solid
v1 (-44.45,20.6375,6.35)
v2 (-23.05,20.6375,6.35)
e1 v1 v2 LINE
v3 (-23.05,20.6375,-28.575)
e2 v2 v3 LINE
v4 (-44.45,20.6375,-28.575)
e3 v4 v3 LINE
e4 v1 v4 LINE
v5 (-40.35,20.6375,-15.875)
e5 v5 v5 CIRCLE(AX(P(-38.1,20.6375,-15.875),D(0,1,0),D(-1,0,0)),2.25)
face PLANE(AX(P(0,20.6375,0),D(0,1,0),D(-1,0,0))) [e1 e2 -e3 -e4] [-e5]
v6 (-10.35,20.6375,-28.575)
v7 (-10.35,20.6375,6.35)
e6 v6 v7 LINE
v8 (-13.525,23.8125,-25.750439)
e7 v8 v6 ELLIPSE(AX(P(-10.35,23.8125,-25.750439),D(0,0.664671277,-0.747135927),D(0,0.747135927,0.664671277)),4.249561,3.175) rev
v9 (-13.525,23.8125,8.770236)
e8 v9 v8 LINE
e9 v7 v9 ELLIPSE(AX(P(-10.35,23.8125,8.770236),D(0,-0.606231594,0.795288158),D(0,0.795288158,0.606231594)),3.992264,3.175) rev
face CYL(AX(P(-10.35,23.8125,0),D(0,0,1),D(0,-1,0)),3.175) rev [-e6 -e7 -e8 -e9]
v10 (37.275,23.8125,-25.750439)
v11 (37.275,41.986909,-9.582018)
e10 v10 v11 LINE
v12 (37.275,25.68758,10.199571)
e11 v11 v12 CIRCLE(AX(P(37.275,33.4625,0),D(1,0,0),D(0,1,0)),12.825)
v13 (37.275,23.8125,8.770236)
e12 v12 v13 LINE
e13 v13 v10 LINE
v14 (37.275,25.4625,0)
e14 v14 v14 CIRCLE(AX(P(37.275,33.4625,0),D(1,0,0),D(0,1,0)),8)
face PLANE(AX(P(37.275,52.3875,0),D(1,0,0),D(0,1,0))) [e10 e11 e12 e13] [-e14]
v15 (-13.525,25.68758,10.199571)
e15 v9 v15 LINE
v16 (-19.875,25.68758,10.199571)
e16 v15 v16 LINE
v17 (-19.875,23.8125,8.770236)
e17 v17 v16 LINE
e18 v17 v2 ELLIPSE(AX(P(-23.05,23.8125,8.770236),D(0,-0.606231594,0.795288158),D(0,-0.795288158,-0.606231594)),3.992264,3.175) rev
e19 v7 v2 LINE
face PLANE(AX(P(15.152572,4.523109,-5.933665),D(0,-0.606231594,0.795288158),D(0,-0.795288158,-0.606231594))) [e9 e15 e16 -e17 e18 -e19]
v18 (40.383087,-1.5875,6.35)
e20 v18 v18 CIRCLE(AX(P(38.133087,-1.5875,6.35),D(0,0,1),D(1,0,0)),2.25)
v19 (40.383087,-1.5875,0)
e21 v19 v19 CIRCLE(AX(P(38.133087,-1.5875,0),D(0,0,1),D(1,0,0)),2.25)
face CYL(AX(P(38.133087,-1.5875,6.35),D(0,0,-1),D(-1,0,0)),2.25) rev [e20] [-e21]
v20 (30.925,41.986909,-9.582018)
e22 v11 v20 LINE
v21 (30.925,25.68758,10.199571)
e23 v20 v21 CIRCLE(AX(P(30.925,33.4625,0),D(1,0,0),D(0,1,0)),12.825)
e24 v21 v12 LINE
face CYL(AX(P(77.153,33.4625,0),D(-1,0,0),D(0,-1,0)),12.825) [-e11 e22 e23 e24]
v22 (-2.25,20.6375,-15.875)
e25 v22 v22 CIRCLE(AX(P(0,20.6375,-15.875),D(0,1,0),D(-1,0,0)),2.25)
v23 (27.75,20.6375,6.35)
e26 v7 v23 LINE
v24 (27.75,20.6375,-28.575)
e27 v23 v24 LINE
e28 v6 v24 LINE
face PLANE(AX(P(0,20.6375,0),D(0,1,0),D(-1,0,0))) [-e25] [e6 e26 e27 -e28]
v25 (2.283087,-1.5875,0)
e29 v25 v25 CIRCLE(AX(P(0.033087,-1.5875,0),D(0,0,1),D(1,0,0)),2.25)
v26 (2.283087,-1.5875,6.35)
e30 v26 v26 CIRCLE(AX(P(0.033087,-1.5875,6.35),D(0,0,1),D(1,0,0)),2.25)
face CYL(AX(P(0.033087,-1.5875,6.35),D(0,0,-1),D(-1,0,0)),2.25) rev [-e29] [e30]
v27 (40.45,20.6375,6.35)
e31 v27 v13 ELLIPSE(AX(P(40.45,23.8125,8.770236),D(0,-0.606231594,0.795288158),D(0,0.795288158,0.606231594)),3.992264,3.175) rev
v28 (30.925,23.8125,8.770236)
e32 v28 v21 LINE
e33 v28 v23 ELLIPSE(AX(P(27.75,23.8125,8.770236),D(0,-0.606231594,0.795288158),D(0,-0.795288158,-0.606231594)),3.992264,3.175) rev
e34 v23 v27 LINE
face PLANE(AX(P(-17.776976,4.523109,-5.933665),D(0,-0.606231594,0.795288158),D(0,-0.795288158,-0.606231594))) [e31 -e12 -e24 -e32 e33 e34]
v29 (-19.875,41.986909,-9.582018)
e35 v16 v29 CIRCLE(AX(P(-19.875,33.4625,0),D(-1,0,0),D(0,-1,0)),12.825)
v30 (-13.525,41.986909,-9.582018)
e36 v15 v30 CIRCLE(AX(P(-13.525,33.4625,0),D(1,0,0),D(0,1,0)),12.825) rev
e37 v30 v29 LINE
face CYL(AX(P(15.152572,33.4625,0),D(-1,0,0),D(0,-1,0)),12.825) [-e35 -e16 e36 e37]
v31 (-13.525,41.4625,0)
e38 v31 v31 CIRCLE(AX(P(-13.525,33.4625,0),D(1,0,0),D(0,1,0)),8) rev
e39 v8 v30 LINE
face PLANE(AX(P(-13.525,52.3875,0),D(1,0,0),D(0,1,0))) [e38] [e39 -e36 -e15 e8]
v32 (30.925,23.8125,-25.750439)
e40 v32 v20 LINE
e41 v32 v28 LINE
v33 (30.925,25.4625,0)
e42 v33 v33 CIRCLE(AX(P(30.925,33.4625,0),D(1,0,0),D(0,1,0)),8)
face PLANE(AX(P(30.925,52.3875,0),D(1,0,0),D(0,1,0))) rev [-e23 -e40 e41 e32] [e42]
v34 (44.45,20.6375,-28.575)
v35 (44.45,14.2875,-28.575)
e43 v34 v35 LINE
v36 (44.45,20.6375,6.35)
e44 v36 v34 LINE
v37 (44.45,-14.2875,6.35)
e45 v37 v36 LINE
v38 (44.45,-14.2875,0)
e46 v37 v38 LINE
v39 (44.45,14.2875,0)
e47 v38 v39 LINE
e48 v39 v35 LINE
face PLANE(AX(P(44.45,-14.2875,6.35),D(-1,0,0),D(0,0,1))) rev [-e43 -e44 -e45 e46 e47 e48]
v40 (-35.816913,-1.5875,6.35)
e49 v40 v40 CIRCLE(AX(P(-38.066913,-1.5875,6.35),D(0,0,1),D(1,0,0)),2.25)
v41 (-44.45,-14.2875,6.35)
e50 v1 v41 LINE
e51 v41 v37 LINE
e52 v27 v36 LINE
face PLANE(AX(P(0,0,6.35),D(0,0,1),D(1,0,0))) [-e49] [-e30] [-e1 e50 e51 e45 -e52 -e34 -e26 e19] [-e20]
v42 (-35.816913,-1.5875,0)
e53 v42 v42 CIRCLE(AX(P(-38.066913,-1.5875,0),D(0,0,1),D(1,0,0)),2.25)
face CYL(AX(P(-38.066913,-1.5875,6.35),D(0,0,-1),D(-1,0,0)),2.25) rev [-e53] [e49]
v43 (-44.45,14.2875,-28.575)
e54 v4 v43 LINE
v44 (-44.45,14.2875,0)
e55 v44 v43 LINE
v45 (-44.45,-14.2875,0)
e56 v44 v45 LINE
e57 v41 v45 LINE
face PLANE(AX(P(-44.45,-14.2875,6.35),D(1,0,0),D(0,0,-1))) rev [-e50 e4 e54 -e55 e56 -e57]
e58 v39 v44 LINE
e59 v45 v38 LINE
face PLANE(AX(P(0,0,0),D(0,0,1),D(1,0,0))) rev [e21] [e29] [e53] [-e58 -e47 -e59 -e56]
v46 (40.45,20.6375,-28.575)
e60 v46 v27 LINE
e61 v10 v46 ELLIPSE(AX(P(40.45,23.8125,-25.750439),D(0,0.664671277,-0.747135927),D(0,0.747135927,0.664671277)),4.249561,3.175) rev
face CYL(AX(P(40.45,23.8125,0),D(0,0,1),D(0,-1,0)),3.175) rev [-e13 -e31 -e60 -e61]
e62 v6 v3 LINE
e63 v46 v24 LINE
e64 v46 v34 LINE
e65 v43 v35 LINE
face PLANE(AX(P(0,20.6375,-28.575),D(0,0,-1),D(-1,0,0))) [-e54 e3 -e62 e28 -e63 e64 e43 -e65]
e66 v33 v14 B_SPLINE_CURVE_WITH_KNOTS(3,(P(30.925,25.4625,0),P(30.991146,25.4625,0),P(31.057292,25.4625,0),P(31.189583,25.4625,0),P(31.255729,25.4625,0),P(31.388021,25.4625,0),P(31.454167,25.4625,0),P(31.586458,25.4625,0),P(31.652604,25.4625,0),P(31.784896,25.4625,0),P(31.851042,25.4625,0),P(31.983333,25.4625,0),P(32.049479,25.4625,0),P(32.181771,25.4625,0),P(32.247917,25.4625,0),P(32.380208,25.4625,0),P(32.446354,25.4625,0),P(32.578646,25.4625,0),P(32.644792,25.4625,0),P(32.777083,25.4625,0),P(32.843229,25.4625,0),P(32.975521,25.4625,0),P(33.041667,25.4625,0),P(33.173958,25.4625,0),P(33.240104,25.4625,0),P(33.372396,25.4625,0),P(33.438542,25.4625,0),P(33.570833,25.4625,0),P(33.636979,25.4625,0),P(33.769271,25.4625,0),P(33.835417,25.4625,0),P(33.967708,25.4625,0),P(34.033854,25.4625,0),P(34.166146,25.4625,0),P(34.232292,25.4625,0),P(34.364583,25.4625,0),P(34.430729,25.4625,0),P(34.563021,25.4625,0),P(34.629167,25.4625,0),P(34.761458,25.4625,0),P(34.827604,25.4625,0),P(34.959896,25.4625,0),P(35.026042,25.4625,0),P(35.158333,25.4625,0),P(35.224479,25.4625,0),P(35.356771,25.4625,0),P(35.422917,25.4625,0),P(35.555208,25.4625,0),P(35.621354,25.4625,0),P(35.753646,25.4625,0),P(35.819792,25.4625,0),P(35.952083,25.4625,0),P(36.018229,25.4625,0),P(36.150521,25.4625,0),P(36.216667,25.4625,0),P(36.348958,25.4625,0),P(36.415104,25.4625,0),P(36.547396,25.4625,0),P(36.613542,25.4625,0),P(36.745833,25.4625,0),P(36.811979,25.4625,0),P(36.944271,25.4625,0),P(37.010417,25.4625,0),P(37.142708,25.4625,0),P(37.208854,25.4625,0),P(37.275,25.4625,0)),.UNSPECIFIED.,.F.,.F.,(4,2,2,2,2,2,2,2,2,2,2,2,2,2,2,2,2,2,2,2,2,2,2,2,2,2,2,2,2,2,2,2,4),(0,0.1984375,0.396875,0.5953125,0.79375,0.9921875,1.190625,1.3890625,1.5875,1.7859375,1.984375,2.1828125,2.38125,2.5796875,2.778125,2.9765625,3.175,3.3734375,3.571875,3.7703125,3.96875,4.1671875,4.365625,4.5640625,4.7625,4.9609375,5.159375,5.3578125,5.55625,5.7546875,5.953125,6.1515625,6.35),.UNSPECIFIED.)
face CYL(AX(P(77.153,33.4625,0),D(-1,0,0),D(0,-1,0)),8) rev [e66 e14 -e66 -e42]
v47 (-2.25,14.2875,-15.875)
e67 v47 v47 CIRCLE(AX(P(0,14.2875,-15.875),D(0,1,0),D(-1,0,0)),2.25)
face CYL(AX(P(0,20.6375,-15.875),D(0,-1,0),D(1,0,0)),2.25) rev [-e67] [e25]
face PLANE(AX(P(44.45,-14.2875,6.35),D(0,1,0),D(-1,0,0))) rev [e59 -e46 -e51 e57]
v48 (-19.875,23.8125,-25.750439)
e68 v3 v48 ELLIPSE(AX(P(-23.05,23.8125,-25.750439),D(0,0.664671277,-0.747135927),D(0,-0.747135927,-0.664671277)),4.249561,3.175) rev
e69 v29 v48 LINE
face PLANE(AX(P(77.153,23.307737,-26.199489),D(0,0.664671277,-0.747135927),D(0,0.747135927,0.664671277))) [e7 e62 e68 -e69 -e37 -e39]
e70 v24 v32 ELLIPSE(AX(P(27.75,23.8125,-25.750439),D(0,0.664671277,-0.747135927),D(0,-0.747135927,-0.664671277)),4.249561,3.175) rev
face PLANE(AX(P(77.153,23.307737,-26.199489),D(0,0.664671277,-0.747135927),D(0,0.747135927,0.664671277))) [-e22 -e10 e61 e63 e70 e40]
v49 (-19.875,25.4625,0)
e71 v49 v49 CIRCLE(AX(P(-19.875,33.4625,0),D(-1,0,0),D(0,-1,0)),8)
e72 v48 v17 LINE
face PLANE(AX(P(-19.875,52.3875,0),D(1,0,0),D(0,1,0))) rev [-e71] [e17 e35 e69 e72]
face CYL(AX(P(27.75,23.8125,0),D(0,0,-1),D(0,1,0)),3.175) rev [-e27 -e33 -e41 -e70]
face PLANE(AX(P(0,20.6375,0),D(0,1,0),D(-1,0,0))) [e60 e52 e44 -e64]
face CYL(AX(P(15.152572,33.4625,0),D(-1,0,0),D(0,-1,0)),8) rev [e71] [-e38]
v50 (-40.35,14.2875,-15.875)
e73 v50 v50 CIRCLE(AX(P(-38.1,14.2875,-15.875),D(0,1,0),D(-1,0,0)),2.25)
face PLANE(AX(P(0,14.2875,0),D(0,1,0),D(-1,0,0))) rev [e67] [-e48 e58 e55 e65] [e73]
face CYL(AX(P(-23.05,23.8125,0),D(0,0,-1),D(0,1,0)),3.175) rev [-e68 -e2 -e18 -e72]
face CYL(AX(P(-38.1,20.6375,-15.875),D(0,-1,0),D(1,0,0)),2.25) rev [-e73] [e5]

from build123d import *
from build123d.topology import SkipClean

# Parameters (mm, degrees)
SKETCH1_W           = 88.9
SKETCH1_H           = 28.575
SKETCH1_R           = 2.25
BOSS_EXTRUDE1_DEPTH = 6.35
SKETCH2_W           = 24.575
SKETCH2_H           = 28.575
SKETCH2_R           = 2.25
SKETCH2_W_2         = 6.35
SKETCH2_H_2         = 6.35
SKETCH2_W_3         = 7.175
BOSS_EXTRUDE2_DEPTH = 6.35
SKETCH2_4_W         = 6.35
SKETCH2_4_H         = 28.575
BOSS_EXTRUDE3_DEPTH = 38.1
BOSS_EXTRUDE4_DEPTH = 6.35
CUT_EXTRUDE1_DEPTH  = 97.028
BOSS_EXTRUDE5_START = -6.35
BOSS_EXTRUDE5_DEPTH = 6.35
FILLET1_R           = 3.175


with BuildPart() as part:
    # Sketch1 → Boss-Extrude1 (new body)
    with BuildSketch(Plane.XY):
        Rectangle(SKETCH1_W, SKETCH1_H)
        with Locations((-38.066912716, -1.5875)):
            Circle(SKETCH1_R, mode=Mode.SUBTRACT)
        with Locations((0.033087284, -1.5875)):
            Circle(SKETCH1_R, mode=Mode.SUBTRACT)
        with Locations((38.133087284, -1.5875)):
            Circle(SKETCH1_R, mode=Mode.SUBTRACT)
    extrude(amount=BOSS_EXTRUDE1_DEPTH)

    # Sketch2 → Boss-Extrude2 (add)
    # profile 1 of 10: a face of its own
    with BuildSketch(Plane(origin=(0, 14.2875, 0), x_dir=(1, 0, 0), z_dir=(0, 1, 0))):
        with Locations((-32.1625, 14.2875)):
            Rectangle(SKETCH2_W, SKETCH2_H)
        with Locations(Location((-38.1, 15.875, 0), (0, 0, 180))):
            Circle(SKETCH2_R, mode=Mode.SUBTRACT)
    # profile 2 of 10: a face of its own
    with BuildSketch(Plane(origin=(0, 14.2875, 0), x_dir=(1, 0, 0), z_dir=(0, 1, 0))):
        with Locations((-16.7, 14.2875)):
            Rectangle(SKETCH2_W_2, SKETCH2_H)
    # profile 3 of 10: a face of its own
    with BuildSketch(Plane(origin=(0, 14.2875, 0), x_dir=(1, 0, 0), z_dir=(0, 1, 0))):
        with Locations((-32.1625, -3.175)):
            Rectangle(SKETCH2_W, SKETCH2_H_2)
    # profile 4 of 10: a face of its own
    with BuildSketch(Plane(origin=(0, 14.2875, 0), x_dir=(1, 0, 0), z_dir=(0, 1, 0))):
        with Locations((-16.7, -3.175)):
            Rectangle(SKETCH2_W_2, SKETCH2_H_2)
    # profile 5 of 10: a face of its own
    with BuildSketch(Plane(origin=(0, 14.2875, 0), x_dir=(1, 0, 0), z_dir=(0, 1, 0))):
        Polygon((-13.525, 28.575), (-13.525, 0), (30.925, 0), (30.925, 28.575), (21.4, 28.575), (-4, 28.575), align=None)
        with Locations(Location((0, 15.875, 0), (0, 0, 180))):
            Circle(SKETCH2_R, mode=Mode.SUBTRACT)
    # profile 6 of 10: a face of its own
    with BuildSketch(Plane(origin=(0, 14.2875, 0), x_dir=(1, 0, 0), z_dir=(0, 1, 0))):
        Polygon((-13.525, 0), (-13.525, -6.35), (-4, -6.35), (21.4, -6.35), (30.925, -6.35), (30.925, 0), align=None)
    # profile 7 of 10: a face of its own
    with BuildSketch(Plane(origin=(0, 14.2875, 0), x_dir=(1, 0, 0), z_dir=(0, 1, 0))):
        with Locations((34.1, 14.2875)):
            Rectangle(SKETCH2_W_2, SKETCH2_H)
    # profile 8 of 10: a face of its own
    with BuildSketch(Plane(origin=(0, 14.2875, 0), x_dir=(1, 0, 0), z_dir=(0, 1, 0))):
        with Locations((40.8625, 14.2875)):
            Rectangle(SKETCH2_W_3, SKETCH2_H)
    # profile 9 of 10: a face of its own
    with BuildSketch(Plane(origin=(0, 14.2875, 0), x_dir=(1, 0, 0), z_dir=(0, 1, 0))):
        with Locations((40.8625, -3.175)):
            Rectangle(SKETCH2_W_3, SKETCH2_H_2)
    # profile 10 of 10: a face of its own
    with BuildSketch(Plane(origin=(0, 14.2875, 0), x_dir=(1, 0, 0), z_dir=(0, 1, 0))):
        with Locations((34.1, -3.175)):
            Rectangle(SKETCH2_W_2, SKETCH2_H_2)
    extrude(amount=BOSS_EXTRUDE2_DEPTH)

    # Sketch2<4> → Boss-Extrude3 (add)
    with BuildSketch(Plane(origin=(0, 14.2875, 0), x_dir=(1, 0, 0), z_dir=(0, 1, 0))):
        with Locations((-16.7, 14.2875)):
            Rectangle(SKETCH2_4_W, SKETCH2_4_H)
        with Locations((34.1, 14.2875)):
            Rectangle(SKETCH2_4_W, SKETCH2_4_H)
    extrude(amount=BOSS_EXTRUDE3_DEPTH)

    # Sketch3 → Boss-Extrude4 (add)
    with BuildSketch(Plane.ZY.offset(19.875)):
        with BuildLine():
            ThreePointArc((0, 20.6375), (5.69066224, 21.969154609), (10.199570624, 25.687579802))
            ThreePointArc((10.199570624, 25.687579802), (12.150928324, 29.359383395), (12.825, 33.4625))
            ThreePointArc((12.825, 33.4625), (9.068644469, 42.531144469), (0, 46.2875))
            Line((0, 46.2875), (0, 41.4625))
            ThreePointArc((0, 41.4625), (5.656854249, 39.119354249), (8, 33.4625))
            ThreePointArc((8, 33.4625), (5.656854249, 27.805645751), (0, 25.4625))
            Line((0, 25.4625), (0, 20.6375))
        make_face()
        with BuildLine():
            ThreePointArc((-9.582018268, 41.986909124), (-11.700559218, 28.21106791), (0, 20.6375))
            Line((0, 20.6375), (0, 25.4625))
            ThreePointArc((0, 25.4625), (-8, 33.4625), (0, 41.4625))
            Line((0, 41.4625), (0, 46.2875))
            ThreePointArc((0, 46.2875), (-5.25143209, 45.163059218), (-9.582018268, 41.986909124))
        make_face()
        with BuildLine():
            Line((0, 20.6375), (6.35, 20.6375))
            Line((6.35, 20.6375), (10.199570624, 25.687579802))
            ThreePointArc((10.199570624, 25.687579802), (5.69066224, 21.969154609), (0, 20.6375))
        make_face()
    extrude(amount=-BOSS_EXTRUDE4_DEPTH)

    # Sketch3<4> → Cut-Extrude1 (cut)
    with SkipClean():  # the faces are left unmerged after this step: merging them gives an invalid solid
        with BuildSketch(Plane.ZY.offset(19.875)):
            with BuildLine():
                Line((-28.575, 20.6375), (-9.582018268, 41.986909124))
                ThreePointArc((-9.582018268, 41.986909124), (-5.25143209, 45.163059218), (0, 46.2875))
                Line((0, 46.2875), (0, 52.3875))
                Line((0, 52.3875), (-28.575, 52.3875))
                Line((-28.575, 52.3875), (-28.575, 20.6375))
            make_face()
            with BuildLine():
                Line((0, 41.4625), (0, 25.4625))
                ThreePointArc((0, 25.4625), (5.656854249, 27.805645751), (8, 33.4625))
                ThreePointArc((8, 33.4625), (5.656854249, 39.119354249), (0, 41.4625))
            make_face()
            with BuildLine():
                ThreePointArc((0, 41.4625), (-8, 33.4625), (0, 25.4625))
                Line((0, 25.4625), (0, 41.4625))
            make_face()
        extrude(amount=-CUT_EXTRUDE1_DEPTH, mode=Mode.SUBTRACT)

    # Sketch4 → Boss-Extrude5 (add)
    with SkipClean():  # the faces are left unmerged after this step: merging them gives an invalid solid
        with BuildSketch(Plane(origin=(37.275, 0, 0), x_dir=(0, 0, -1), z_dir=(1, 0, 0)).offset(BOSS_EXTRUDE5_START)):
            with BuildLine():
                Line((0, 46.2875), (0, 41.4625))
                ThreePointArc((0, 41.4625), (8, 33.4625), (0, 25.4625))
                Line((0, 25.4625), (0, 20.6375))
                Line((0, 20.6375), (28.575, 20.6375))
                Line((28.575, 20.6375), (9.582018268, 41.986909124))
                ThreePointArc((9.582018268, 41.986909124), (5.25143209, 45.163059218), (0, 46.2875))
            make_face()
            with BuildLine():
                Line((-6.35, 20.6375), (0, 20.6375))
                Line((0, 20.6375), (0, 25.4625))
                ThreePointArc((0, 25.4625), (-8, 33.4625), (0, 41.4625))
                Line((0, 41.4625), (0, 46.2875))
                ThreePointArc((0, 46.2875), (-11.493345391, 39.15316224), (-10.199570624, 25.687579802))
                Line((-10.199570624, 25.687579802), (-6.35, 20.6375))
            make_face()
        extrude(amount=BOSS_EXTRUDE5_DEPTH)

    # Fillet1
    fillet1_edges = [part.edges().sort_by_distance(p)[0] for p in [
        (-13.525, 20.6375, -11.1125),
        (-19.875, 20.6375, -11.1125),
        (30.925, 20.6375, -14.2875),
        (37.275, 20.6375, -14.2875),
    ]]
    fillet(fillet1_edges, radius=FILLET1_R)


solid = part.part
